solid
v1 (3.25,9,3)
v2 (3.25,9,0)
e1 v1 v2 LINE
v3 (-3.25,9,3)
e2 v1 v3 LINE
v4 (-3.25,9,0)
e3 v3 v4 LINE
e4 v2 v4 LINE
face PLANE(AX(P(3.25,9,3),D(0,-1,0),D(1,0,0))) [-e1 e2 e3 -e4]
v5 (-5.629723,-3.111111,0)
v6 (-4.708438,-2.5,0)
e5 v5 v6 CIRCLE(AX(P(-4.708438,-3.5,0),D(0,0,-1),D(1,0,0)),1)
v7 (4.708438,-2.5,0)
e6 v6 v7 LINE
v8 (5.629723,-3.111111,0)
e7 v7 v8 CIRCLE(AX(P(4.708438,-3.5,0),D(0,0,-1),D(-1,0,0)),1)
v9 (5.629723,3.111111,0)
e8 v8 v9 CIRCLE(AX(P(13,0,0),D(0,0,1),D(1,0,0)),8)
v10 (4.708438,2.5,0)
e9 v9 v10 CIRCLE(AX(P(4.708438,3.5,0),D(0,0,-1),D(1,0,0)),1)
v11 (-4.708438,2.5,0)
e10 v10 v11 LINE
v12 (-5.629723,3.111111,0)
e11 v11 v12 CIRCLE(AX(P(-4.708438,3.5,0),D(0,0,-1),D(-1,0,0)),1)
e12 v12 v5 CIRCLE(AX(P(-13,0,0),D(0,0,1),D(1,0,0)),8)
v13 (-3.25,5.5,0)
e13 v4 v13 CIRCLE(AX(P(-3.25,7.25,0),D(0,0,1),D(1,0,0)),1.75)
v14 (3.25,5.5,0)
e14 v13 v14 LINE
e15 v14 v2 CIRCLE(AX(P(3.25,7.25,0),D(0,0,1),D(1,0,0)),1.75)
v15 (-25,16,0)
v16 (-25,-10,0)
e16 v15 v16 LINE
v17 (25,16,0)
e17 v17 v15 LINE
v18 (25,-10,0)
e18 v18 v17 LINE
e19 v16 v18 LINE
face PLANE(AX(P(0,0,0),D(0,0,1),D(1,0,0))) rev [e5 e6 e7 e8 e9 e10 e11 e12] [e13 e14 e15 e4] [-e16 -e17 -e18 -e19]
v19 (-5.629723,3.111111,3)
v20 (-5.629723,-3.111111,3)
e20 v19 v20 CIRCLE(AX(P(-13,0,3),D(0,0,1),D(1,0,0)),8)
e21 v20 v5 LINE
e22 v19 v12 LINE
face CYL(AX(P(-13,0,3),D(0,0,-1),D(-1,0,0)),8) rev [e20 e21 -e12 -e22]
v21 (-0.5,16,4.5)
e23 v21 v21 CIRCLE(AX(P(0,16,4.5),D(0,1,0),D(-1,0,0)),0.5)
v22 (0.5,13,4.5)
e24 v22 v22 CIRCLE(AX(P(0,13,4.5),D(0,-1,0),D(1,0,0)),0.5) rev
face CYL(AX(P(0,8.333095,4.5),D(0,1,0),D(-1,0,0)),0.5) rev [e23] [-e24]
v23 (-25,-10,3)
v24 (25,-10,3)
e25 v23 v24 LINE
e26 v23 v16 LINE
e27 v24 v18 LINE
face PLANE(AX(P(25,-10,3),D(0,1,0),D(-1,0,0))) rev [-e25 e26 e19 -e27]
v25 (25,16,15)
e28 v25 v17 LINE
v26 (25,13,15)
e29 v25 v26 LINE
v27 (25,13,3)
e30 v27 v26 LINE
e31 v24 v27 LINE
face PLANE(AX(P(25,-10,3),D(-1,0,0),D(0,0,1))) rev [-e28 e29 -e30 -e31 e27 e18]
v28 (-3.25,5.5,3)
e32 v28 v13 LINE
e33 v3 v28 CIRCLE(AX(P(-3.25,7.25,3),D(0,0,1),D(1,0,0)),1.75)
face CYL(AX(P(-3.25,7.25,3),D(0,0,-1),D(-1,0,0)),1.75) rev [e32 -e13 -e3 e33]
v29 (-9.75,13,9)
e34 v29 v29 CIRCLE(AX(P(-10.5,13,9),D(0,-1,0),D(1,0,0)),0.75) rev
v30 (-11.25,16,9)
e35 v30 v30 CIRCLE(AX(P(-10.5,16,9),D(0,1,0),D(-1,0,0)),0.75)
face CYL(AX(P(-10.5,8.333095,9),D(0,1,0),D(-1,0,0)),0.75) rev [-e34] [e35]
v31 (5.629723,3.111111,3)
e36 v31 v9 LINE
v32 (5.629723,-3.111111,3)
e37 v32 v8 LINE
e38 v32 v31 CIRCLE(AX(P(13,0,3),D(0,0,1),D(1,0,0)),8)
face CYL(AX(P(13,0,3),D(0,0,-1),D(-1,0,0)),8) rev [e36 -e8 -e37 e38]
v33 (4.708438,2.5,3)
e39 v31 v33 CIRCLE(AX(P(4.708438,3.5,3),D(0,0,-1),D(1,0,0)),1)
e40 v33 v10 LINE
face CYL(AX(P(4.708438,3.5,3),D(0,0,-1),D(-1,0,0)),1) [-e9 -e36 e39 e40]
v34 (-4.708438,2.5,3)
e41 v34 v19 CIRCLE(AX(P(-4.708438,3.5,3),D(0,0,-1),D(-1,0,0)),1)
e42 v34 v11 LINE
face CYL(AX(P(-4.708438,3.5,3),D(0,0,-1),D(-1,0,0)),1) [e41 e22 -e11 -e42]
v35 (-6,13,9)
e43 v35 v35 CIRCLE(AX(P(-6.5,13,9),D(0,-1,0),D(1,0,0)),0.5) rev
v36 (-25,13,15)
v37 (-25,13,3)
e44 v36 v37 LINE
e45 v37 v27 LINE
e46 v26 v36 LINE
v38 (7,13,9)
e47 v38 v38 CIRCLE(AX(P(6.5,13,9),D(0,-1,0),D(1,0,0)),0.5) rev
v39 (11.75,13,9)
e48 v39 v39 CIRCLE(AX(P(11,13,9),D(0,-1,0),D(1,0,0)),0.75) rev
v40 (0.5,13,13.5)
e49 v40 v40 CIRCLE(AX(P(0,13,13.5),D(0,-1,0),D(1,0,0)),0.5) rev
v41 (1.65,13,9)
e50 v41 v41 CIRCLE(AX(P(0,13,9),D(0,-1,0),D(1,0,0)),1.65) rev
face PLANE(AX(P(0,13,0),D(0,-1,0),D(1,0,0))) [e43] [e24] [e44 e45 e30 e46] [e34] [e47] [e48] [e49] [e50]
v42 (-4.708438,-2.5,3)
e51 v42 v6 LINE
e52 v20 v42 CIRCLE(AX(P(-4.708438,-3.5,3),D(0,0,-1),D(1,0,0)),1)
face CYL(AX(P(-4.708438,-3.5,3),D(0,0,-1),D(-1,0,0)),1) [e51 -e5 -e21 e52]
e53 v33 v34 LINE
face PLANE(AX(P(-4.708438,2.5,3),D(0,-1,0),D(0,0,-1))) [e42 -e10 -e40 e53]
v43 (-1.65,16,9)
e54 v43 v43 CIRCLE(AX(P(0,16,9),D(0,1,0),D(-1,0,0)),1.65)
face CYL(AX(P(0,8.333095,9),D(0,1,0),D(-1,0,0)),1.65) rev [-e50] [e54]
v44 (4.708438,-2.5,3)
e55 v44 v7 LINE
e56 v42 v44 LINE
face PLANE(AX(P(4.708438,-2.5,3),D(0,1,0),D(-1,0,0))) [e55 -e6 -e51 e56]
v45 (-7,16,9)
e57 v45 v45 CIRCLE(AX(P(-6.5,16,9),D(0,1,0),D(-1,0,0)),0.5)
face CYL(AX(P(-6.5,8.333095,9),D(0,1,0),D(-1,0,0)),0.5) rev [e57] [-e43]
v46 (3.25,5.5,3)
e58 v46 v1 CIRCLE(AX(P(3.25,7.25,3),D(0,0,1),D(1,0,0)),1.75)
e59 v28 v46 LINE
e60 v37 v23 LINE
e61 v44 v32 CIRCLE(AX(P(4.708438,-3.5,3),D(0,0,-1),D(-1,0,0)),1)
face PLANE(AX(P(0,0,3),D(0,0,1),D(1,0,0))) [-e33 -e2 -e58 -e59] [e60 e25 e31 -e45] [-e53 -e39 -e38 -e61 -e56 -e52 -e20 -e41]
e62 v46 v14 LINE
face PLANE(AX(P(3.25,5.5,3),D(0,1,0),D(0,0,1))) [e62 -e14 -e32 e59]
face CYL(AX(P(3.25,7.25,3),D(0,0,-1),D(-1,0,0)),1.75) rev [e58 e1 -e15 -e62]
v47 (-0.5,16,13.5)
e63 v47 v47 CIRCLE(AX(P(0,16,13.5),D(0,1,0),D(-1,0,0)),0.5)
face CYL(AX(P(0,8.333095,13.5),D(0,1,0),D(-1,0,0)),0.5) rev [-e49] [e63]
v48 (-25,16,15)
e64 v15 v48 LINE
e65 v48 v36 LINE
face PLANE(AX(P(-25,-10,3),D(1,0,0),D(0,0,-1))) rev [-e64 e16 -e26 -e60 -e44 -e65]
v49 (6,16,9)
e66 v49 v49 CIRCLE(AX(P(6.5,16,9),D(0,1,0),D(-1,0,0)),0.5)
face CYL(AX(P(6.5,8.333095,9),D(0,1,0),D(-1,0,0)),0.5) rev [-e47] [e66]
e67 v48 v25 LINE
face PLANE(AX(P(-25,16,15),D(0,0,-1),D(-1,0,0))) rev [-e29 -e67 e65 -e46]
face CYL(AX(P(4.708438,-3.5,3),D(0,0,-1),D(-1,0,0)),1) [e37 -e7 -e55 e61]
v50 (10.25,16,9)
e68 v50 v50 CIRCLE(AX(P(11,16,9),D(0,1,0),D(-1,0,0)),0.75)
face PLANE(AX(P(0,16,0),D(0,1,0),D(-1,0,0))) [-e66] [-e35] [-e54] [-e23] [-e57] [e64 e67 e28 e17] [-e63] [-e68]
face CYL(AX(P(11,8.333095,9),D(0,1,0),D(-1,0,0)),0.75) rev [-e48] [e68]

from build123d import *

# Parameters (mm, degrees)
SKETCH_1_W          = 50
SKETCH_1_H          = 20
EXTRUDE_1_DEPTH     = 3
SKETCH_2_W          = 50
SKETCH_2_H          = 15
EXTRUDE_2_DEPTH     = 6
SKETCH_5_W          = 50
SKETCH_5_H          = 12
CUT_EXTRUDE_2_DEPTH = 3
SKETCH_4_R          = 1.65
SKETCH_4_R_2        = 0.5
SKETCH_4_R_3        = 0.75
CUT_EXTRUDE_1_DEPTH = 3


with BuildPart() as part:
    # 草图1 → 凸台-拉伸1 (new body)
    with BuildSketch(Plane.XY):
        Rectangle(SKETCH_1_W, SKETCH_1_H)
        with BuildLine():
            Line((-4.708438024, 2.5), (4.708438024, 2.5))
            ThreePointArc((4.708438024, 2.5), (5.261208823, 2.666666667), (5.629722688, 3.111111111))
            ThreePointArc((5.629722688, 3.111111111), (21, 0), (5.629722688, -3.111111111))
            ThreePointArc((5.629722688, -3.111111111), (5.261208823, -2.666666667), (4.708438024, -2.5))
            Line((4.708438024, -2.5), (-4.708438024, -2.5))
            ThreePointArc((-4.708438024, -2.5), (-5.261208823, -2.666666667), (-5.629722688, -3.111111111))
            ThreePointArc((-5.629722688, -3.111111111), (-21, 0), (-5.629722688, 3.111111111))
            ThreePointArc((-5.629722688, 3.111111111), (-5.261208823, 2.666666667), (-4.708438024, 2.5))
        make_face(mode=Mode.SUBTRACT)
        with BuildLine():
            Line((3.25, 5.5), (-3.25, 5.5))
            ThreePointArc((-3.25, 5.5), (-5, 7.25), (-3.25, 9))
            Line((-3.25, 9), (3.25, 9))
            ThreePointArc((3.25, 9), (5, 7.25), (3.25, 5.5))
        make_face(mode=Mode.SUBTRACT)
    extrude(amount=EXTRUDE_1_DEPTH)

    # 草图2 → 凸台-拉伸2 (add)
    with BuildSketch(Plane(origin=(0, 10, 0), x_dir=(1, 0, 0), z_dir=(0, 1, 0))):
        with Locations((0, -7.5)):
            Rectangle(SKETCH_2_W, SKETCH_2_H)
    extrude(amount=EXTRUDE_2_DEPTH)

    # 草图5 → 切除-拉伸2 (cut)
    with BuildSketch(Plane.XZ.offset(-10)):
        with Locations((0, 9)):
            Rectangle(SKETCH_5_W, SKETCH_5_H)
    extrude(amount=-CUT_EXTRUDE_2_DEPTH, mode=Mode.SUBTRACT)

    # 草图4 → 切除-拉伸1 (cut)
    with BuildSketch(Plane(origin=(0, 16, 0), x_dir=(1, 0, 0), z_dir=(0, 1, 0))):
        with Locations((0, -9)):
            Circle(SKETCH_4_R)
        with Locations((6.5, -9)):
            Circle(SKETCH_4_R_2)
        with Locations((-6.5, -9)):
            Circle(SKETCH_4_R_2)
        with Locations((11, -9)):
            Circle(SKETCH_4_R_3)
        with Locations((-10.5, -9)):
            Circle(SKETCH_4_R_3)
        with Locations((0, -4.5)):
            Circle(SKETCH_4_R_2)
        with Locations((0, -13.5)):
            Circle(SKETCH_4_R_2)
    extrude(amount=-CUT_EXTRUDE_1_DEPTH, mode=Mode.SUBTRACT)


solid = part.part
